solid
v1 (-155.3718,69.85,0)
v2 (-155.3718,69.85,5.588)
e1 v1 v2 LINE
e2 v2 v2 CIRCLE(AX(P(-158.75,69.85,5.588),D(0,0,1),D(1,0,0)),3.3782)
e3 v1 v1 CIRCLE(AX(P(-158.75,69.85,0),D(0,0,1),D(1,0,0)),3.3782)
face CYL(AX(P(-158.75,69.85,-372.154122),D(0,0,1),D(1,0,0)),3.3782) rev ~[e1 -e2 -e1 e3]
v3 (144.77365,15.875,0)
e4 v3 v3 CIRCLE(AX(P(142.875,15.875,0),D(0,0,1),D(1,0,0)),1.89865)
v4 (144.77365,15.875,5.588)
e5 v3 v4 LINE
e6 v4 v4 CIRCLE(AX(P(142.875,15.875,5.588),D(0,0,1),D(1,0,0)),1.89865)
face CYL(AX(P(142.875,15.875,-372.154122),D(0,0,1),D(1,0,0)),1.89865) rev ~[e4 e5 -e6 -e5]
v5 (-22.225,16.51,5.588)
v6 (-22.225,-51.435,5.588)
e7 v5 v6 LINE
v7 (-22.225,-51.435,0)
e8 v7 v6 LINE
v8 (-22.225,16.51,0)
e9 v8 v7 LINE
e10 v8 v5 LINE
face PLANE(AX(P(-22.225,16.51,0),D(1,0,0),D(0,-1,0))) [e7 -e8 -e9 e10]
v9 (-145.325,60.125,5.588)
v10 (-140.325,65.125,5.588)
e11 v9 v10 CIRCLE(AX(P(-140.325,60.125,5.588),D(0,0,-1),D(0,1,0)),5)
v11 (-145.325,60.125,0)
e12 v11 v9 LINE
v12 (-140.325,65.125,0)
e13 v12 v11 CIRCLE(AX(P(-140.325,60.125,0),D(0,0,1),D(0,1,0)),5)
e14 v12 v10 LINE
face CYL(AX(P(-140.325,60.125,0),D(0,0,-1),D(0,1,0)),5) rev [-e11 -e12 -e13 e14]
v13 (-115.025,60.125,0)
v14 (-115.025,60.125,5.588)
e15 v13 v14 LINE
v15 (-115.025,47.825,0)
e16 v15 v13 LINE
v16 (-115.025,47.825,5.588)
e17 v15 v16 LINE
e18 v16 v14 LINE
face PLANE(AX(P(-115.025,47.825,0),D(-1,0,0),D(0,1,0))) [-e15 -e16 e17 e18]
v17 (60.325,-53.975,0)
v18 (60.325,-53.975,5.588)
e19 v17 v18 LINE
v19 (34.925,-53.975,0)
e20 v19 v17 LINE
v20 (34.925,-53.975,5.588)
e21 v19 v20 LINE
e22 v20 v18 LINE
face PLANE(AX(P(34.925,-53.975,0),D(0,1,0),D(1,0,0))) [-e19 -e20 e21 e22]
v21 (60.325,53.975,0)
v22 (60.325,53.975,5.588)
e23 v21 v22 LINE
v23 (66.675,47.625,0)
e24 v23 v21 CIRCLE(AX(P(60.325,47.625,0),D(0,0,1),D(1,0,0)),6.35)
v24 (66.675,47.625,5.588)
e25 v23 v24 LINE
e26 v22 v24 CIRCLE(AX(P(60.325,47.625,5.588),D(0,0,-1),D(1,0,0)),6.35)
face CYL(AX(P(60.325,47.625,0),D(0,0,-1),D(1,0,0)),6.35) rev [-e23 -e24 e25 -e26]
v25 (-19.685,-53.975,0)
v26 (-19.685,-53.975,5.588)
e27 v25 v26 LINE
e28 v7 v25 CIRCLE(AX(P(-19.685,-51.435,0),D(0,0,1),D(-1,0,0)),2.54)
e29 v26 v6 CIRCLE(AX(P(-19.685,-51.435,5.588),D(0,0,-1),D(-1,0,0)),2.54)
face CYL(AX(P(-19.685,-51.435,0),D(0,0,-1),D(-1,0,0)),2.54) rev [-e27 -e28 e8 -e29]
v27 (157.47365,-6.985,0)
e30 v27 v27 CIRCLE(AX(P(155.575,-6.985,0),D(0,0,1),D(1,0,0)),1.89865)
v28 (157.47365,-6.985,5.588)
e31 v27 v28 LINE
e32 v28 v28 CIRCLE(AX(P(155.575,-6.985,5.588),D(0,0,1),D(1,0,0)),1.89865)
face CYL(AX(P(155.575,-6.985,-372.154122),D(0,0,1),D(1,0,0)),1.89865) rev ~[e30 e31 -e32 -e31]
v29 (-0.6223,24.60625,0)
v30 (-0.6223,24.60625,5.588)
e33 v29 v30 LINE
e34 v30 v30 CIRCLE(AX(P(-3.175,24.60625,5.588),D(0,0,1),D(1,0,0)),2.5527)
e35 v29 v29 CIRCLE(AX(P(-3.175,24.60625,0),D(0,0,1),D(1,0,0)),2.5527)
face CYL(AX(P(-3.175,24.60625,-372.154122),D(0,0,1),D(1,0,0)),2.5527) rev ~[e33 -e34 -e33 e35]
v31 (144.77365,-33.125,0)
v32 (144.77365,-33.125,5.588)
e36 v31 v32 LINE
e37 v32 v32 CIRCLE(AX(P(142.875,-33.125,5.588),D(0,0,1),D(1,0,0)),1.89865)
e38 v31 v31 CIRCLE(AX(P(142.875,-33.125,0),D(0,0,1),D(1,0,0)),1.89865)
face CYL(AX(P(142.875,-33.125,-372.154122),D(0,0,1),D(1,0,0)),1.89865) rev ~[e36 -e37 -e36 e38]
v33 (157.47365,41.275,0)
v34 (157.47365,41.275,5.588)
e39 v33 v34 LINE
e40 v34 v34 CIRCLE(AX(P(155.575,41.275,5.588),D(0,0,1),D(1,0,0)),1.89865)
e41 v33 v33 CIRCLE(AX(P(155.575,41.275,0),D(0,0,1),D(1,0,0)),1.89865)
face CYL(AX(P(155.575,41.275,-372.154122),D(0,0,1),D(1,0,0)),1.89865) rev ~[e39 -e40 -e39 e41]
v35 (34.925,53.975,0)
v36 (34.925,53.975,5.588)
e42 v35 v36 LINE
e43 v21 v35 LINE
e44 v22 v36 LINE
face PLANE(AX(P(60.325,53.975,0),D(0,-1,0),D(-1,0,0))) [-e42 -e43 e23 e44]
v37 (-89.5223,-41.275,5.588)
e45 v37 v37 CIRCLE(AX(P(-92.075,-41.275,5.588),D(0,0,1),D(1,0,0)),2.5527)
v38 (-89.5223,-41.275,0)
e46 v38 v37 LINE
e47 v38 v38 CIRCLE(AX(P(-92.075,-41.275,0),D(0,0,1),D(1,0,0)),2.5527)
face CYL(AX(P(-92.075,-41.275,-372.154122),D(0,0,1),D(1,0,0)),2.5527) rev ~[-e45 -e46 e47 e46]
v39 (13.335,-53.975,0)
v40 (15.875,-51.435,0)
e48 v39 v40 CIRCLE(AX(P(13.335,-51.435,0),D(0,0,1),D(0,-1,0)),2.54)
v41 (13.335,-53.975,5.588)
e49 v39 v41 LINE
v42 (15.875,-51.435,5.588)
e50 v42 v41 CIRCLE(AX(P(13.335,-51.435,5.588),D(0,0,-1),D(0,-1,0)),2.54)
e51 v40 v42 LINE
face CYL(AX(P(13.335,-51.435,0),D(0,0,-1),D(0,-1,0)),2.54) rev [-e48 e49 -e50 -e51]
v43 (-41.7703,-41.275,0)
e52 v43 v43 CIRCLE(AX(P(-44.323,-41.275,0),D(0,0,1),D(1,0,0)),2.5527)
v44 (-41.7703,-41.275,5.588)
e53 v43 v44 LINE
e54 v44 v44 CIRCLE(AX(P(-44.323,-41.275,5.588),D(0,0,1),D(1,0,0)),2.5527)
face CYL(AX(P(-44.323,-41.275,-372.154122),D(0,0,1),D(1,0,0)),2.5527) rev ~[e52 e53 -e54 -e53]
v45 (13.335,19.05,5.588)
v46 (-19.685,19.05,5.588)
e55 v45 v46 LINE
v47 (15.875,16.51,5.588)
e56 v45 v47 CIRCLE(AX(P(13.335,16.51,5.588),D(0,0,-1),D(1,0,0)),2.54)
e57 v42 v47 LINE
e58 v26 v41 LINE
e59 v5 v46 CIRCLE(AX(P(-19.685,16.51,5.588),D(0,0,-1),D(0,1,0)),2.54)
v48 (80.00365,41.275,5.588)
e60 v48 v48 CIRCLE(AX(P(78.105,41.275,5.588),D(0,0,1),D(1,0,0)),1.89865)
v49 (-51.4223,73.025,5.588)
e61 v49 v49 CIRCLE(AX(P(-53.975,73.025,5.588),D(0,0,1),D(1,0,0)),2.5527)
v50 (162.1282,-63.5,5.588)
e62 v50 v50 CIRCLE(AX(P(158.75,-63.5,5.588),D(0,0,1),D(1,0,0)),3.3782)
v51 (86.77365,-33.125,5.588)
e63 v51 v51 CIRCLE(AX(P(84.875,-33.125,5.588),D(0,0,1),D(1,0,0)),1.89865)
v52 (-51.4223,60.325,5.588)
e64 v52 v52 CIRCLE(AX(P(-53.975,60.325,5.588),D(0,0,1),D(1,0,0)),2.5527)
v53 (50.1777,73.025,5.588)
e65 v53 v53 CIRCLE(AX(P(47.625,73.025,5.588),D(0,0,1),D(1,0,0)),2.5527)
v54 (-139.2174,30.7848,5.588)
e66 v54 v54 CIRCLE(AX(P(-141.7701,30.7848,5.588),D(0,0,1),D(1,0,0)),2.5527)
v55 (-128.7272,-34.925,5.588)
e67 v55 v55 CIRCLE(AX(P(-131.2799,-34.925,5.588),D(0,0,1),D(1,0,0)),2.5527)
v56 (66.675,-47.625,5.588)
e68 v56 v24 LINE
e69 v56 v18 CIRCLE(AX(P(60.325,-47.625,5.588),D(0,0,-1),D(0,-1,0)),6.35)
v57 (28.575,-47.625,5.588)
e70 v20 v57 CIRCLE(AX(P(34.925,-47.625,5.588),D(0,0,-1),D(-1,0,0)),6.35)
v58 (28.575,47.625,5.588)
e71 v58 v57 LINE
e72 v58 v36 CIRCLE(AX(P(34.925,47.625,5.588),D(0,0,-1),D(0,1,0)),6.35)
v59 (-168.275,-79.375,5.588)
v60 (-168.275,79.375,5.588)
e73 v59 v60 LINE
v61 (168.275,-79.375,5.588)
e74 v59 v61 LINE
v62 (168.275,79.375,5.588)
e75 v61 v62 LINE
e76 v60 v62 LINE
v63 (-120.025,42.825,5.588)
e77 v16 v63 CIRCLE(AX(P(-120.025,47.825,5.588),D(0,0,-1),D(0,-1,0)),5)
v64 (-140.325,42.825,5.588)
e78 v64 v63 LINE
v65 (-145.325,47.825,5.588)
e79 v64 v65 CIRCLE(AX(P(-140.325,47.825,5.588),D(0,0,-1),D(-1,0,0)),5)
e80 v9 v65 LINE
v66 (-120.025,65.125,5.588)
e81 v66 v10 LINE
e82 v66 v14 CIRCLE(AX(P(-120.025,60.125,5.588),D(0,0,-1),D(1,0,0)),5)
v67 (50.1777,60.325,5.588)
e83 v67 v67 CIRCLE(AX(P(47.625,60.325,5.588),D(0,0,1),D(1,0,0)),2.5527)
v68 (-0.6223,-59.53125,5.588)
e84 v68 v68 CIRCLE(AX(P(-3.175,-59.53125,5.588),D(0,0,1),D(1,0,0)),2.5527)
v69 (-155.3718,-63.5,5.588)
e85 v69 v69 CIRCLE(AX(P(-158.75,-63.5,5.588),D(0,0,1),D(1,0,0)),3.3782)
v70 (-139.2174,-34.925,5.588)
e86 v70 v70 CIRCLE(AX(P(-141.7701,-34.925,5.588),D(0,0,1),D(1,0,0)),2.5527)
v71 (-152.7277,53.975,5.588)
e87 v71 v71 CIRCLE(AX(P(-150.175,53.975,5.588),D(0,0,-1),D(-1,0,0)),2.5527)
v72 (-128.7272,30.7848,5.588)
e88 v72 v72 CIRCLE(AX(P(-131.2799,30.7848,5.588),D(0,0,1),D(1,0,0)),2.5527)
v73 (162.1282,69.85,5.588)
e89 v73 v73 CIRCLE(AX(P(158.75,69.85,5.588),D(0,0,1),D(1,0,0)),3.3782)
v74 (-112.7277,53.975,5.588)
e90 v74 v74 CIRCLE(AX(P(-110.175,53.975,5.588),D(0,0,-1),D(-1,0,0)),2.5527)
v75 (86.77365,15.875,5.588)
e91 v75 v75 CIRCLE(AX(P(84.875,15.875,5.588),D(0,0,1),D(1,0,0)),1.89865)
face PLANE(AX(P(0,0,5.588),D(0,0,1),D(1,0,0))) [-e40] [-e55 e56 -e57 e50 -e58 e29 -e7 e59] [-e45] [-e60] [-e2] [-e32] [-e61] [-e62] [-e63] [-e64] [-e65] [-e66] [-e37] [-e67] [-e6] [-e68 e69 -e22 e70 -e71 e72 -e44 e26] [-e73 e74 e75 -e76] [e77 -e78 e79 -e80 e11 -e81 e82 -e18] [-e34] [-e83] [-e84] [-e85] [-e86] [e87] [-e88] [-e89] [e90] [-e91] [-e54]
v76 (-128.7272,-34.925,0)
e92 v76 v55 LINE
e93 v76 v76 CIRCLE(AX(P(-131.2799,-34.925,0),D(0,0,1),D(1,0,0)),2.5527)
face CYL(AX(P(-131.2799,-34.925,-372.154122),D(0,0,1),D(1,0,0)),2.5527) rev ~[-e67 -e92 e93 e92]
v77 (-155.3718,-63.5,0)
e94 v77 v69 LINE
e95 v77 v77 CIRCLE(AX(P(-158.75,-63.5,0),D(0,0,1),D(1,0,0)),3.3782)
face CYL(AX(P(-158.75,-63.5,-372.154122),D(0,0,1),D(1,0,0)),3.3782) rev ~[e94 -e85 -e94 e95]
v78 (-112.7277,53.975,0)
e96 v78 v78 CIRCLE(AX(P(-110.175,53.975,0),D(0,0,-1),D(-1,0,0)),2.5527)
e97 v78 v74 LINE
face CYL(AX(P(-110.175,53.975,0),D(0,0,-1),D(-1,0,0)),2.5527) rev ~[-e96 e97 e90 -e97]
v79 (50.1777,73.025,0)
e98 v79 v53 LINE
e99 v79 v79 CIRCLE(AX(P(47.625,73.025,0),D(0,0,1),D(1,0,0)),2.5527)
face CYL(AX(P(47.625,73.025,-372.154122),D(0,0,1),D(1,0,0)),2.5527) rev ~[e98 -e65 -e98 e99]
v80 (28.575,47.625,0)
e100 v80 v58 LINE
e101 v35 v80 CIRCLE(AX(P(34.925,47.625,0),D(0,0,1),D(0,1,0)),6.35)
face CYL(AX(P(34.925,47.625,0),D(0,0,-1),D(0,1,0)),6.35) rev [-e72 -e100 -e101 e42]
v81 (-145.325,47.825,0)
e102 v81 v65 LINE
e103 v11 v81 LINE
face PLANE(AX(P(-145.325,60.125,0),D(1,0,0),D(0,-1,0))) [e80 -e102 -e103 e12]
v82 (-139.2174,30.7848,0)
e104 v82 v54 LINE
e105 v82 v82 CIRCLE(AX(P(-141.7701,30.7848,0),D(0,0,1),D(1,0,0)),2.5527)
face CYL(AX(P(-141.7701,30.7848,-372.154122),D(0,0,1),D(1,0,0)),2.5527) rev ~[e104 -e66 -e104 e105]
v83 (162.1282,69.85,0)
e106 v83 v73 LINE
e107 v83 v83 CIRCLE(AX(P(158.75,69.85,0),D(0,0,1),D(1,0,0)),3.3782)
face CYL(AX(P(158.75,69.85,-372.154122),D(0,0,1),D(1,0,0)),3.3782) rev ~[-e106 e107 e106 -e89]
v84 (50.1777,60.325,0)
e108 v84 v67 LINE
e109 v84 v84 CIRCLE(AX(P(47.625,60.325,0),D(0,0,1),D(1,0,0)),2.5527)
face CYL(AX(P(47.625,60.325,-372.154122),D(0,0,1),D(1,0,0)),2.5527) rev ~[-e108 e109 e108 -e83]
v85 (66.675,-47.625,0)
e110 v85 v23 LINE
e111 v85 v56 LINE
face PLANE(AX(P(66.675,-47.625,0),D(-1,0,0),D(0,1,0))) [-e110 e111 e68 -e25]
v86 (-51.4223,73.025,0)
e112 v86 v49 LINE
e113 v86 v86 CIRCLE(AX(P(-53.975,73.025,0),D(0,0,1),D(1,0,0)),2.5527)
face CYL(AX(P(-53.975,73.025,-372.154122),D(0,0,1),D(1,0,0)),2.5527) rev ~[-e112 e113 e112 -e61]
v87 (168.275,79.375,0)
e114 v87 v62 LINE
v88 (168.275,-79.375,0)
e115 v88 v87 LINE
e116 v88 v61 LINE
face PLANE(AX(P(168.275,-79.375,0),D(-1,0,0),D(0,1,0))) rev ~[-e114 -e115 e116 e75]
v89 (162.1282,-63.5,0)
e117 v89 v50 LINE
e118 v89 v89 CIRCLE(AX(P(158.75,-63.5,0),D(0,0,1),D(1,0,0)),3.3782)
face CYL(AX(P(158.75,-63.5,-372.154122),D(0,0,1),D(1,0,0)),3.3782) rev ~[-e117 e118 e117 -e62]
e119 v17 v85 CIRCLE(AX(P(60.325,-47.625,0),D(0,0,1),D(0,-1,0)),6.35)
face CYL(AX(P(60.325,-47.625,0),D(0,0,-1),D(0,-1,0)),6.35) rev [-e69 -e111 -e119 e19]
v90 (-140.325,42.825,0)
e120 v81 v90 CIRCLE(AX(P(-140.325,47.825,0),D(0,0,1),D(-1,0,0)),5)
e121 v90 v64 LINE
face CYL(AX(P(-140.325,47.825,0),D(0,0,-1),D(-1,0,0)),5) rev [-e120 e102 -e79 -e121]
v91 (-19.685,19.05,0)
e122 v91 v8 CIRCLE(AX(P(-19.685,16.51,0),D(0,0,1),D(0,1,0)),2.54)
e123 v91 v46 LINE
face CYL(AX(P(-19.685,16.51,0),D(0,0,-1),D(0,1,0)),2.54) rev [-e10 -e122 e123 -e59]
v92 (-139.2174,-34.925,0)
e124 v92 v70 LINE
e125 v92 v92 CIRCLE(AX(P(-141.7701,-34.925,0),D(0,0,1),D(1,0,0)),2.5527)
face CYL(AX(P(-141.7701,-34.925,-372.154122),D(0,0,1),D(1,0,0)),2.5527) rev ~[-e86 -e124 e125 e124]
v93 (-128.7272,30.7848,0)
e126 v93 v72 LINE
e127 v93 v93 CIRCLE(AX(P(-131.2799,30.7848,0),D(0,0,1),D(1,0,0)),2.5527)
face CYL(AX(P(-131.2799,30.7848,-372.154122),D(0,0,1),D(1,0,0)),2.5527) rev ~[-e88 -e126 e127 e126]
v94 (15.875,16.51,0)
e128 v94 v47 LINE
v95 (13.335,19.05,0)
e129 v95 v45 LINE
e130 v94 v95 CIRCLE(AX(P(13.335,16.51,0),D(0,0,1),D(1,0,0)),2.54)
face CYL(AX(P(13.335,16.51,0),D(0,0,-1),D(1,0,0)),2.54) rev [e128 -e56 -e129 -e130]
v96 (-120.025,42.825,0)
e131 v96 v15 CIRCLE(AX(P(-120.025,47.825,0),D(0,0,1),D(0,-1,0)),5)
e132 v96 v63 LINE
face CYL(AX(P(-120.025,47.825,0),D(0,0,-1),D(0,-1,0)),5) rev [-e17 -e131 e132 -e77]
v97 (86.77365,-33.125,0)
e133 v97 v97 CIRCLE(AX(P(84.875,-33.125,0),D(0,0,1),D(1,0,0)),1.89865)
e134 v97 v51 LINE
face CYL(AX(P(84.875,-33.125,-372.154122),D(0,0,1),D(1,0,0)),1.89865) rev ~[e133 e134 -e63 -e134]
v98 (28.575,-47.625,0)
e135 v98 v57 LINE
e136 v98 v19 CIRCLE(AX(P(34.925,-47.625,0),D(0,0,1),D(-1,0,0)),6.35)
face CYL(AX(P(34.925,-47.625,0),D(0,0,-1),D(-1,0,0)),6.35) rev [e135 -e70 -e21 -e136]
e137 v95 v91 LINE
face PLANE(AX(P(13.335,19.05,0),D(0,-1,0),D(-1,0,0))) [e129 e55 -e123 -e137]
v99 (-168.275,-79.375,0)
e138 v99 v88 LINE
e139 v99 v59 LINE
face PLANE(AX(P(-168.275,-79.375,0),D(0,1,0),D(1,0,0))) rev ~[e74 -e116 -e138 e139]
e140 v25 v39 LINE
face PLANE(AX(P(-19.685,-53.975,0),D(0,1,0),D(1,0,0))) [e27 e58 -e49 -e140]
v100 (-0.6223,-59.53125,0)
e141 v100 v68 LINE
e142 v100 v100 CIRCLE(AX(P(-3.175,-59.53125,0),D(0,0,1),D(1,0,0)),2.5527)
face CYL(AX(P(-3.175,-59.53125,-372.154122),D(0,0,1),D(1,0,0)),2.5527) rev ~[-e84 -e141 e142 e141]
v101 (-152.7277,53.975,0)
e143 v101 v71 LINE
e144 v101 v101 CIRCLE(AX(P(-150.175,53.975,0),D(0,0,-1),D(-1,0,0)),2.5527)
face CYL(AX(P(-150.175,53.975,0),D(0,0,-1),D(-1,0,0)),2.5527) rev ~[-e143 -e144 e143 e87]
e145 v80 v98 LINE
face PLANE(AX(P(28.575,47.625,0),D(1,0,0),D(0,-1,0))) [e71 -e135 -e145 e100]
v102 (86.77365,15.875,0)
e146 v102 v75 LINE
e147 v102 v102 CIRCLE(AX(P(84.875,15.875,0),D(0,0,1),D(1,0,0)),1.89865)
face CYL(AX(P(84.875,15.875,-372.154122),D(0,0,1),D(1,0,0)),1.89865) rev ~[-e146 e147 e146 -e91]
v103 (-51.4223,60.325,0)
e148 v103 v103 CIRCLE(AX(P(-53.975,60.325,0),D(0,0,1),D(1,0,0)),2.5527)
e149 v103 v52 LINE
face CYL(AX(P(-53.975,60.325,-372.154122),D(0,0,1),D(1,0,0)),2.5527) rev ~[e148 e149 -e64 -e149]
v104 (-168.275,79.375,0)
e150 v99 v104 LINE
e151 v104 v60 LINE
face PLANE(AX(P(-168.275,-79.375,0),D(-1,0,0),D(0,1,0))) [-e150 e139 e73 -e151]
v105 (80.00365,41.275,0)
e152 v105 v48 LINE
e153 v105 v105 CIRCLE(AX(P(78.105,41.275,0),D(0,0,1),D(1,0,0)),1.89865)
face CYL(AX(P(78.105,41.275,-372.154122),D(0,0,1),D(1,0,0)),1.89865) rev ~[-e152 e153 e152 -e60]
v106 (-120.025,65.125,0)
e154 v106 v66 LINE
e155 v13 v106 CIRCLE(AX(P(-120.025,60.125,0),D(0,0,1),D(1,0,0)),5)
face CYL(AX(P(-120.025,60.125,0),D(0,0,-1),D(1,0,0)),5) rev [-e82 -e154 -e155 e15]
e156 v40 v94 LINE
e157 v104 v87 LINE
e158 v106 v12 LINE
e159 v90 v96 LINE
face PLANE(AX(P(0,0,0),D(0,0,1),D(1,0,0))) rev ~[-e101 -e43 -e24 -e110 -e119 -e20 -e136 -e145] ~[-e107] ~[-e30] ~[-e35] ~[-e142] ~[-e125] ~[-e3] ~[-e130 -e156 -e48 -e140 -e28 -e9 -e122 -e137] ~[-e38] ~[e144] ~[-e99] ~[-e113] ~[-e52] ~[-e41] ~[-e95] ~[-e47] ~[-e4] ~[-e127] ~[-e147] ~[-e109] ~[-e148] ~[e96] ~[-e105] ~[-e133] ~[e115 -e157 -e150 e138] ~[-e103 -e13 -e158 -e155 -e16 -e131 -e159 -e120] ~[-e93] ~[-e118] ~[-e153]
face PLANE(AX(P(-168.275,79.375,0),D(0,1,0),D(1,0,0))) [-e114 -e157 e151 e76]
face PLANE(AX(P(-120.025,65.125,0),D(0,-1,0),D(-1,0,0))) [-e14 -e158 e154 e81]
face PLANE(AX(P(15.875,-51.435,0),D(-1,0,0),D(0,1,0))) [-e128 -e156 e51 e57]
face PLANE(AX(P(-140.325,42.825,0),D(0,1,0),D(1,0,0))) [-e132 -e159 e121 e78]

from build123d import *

# Parameters (mm, degrees)
SKETCH1_W               = 336.55
SKETCH1_H               = 158.75
BOSS_EXTRUDE1_DEPTH     = 5.588
F_1_4_CLEARANCE_HOLE1_D = 6.7564
F_6_CLEARANCE_HOLE1_D   = 3.7973
F_6_CLEARANCE_HOLE2_D   = 3.7973
CUT_EXTRUDE1_REACH      = 188.14
F_10_CLEARANCE_HOLE1_D  = 5.1054
CUT_EXTRUDE2_REACH      = 188.14
F_10_CLEARANCE_HOLE3_D  = 5.1054
F_10_CLEARANCE_HOLE2_D  = 5.1054
F_10_CLEARANCE_HOLE4_D  = 5.1054
CUT_EXTRUDE3_REACH      = 188.14
SKETCH24_R              = 2.5527


with BuildPart() as part:
    # Sketch1 → Boss-Extrude1 (new body)
    with BuildSketch(Plane.XY):
        Rectangle(SKETCH1_W, SKETCH1_H)
    extrude(amount=BOSS_EXTRUDE1_DEPTH)

    # 1/4 Clearance Hole1 (through all)
    with Locations(Plane(origin=(0, 0, 0), x_dir=(-1, 0, 0), z_dir=(0, 0, -1))):
        with Locations((-158.75, 69.85), (158.75, -63.5), (-158.75, -63.5), (158.75, 69.85)):
            Hole(F_1_4_CLEARANCE_HOLE1_D / 2)

    # #6 Clearance Hole1 (through all)
    with Locations(Plane(origin=(0, 0, 0), x_dir=(-1, 0, 0), z_dir=(0, 0, -1))):
        with Locations((-155.575, 41.275), (-155.575, -6.985), (-78.105, 41.275)):
            Hole(F_6_CLEARANCE_HOLE1_D / 2)

    # #6 Clearance Hole2 (through all)
    with Locations(Plane(origin=(0, 0, 0), x_dir=(-1, 0, 0), z_dir=(0, 0, -1))):
        with Locations((-142.875, 15.875), (-84.875, -33.125), (-142.875, -33.125), (-84.875, 15.875)):
            Hole(F_6_CLEARANCE_HOLE2_D / 2)

    # Sketch11 → Cut-Extrude1 (cut, up to next)
    with BuildSketch(Plane(origin=(0, 0, 0), x_dir=(-1, 0, 0), z_dir=(0, 0, -1)), mode=Mode.PRIVATE) as cut_extrude1_sk1:
        with BuildLine():
            Line((-13.335, 19.05), (19.685, 19.05))
            ThreePointArc((19.685, 19.05), (21.481051224, 18.306051224), (22.225, 16.51))
            Line((22.225, 16.51), (22.225, -51.435))
            ThreePointArc((22.225, -51.435), (21.481051224, -53.231051224), (19.685, -53.975))
            Line((19.685, -53.975), (-13.335, -53.975))
            ThreePointArc((-13.335, -53.975), (-15.131051224, -53.231051224), (-15.875, -51.435))
            Line((-15.875, -51.435), (-15.875, 16.51))
            ThreePointArc((-15.875, 16.51), (-15.131051224, 18.306051224), (-13.335, 19.05))
        make_face()
    cut_extrude1_tool1 = extrude(cut_extrude1_sk1.sketch, amount=-CUT_EXTRUDE1_REACH, mode=Mode.PRIVATE) & part.part
    add(cut_extrude1_tool1.solids().sort_by_distance((-3.175, -17.4625, 0))[0], mode=Mode.SUBTRACT)

    # #10 Clearance Hole1 (through all)
    with Locations(Plane(origin=(0, 0, 0), x_dir=(-1, 0, 0), z_dir=(0, 0, -1))):
        with Locations((3.175, 24.60625), (3.175, -59.53125)):
            Hole(F_10_CLEARANCE_HOLE1_D / 2)

    # Sketch15 → Cut-Extrude2 (cut, up to next)
    with BuildSketch(Plane(origin=(0, 0, 0), x_dir=(-1, 0, 0), z_dir=(0, 0, -1)), mode=Mode.PRIVATE) as cut_extrude2_sk1:
        with BuildLine():
            Line((-60.325, 53.975), (-34.925, 53.975))
            ThreePointArc((-34.925, 53.975), (-30.434871939, 52.115128061), (-28.575, 47.625))
            Line((-28.575, 47.625), (-28.575, -47.625))
            ThreePointArc((-28.575, -47.625), (-30.434871939, -52.115128061), (-34.925, -53.975))
            Line((-34.925, -53.975), (-60.325, -53.975))
            ThreePointArc((-60.325, -53.975), (-64.815128061, -52.115128061), (-66.675, -47.625))
            Line((-66.675, -47.625), (-66.675, 47.625))
            ThreePointArc((-66.675, 47.625), (-64.815128061, 52.115128061), (-60.325, 53.975))
        make_face()
    cut_extrude2_tool1 = extrude(cut_extrude2_sk1.sketch, amount=-CUT_EXTRUDE2_REACH, mode=Mode.PRIVATE) & part.part
    add(cut_extrude2_tool1.solids().sort_by_distance((47.625, 0, 0))[0], mode=Mode.SUBTRACT)

    # #10 Clearance Hole3 (through all)
    with Locations(Plane(origin=(0, 0, 0), x_dir=(-1, 0, 0), z_dir=(0, 0, -1))):
        with Locations((131.2799, 30.7848), (131.2799, -34.925), (141.7701, 30.7848), (141.7701, -34.925)):
            Hole(F_10_CLEARANCE_HOLE3_D / 2)

    # #10 Clearance Hole2 (through all)
    with Locations(Plane(origin=(0, 0, 0), x_dir=(-1, 0, 0), z_dir=(0, 0, -1))):
        with Locations((-47.625, 73.025), (53.975, 60.325), (-47.625, 60.325), (53.975, 73.025)):
            Hole(F_10_CLEARANCE_HOLE2_D / 2)

    # #10 Clearance Hole4 (through all)
    with Locations(Plane(origin=(0, 0, 0), x_dir=(-1, 0, 0), z_dir=(0, 0, -1))):
        with Locations((44.323, -41.275), (92.075, -41.275)):
            Hole(F_10_CLEARANCE_HOLE4_D / 2)

    # Sketch24 → Cut-Extrude3 (cut, up to next)
    with BuildSketch(Plane(origin=(0, 0, 0), x_dir=(-1, 0, 0), z_dir=(0, 0, -1)), mode=Mode.PRIVATE) as cut_extrude3_sk1:
        with Locations((110.175, 53.975)):
            Circle(SKETCH24_R)
    cut_extrude3_tool1 = extrude(cut_extrude3_sk1.sketch, amount=-CUT_EXTRUDE3_REACH, mode=Mode.PRIVATE) & part.part
    # Sketch24 → Cut-Extrude3 (cut, up to next)
    with BuildSketch(Plane(origin=(0, 0, 0), x_dir=(-1, 0, 0), z_dir=(0, 0, -1)), mode=Mode.PRIVATE) as cut_extrude3_sk2:
        with Locations((150.175, 53.975)):
            Circle(SKETCH24_R)
    cut_extrude3_tool2 = extrude(cut_extrude3_sk2.sketch, amount=-CUT_EXTRUDE3_REACH, mode=Mode.PRIVATE) & part.part
    # Sketch24 → Cut-Extrude3 (cut, up to next)
    with BuildSketch(Plane(origin=(0, 0, 0), x_dir=(-1, 0, 0), z_dir=(0, 0, -1)), mode=Mode.PRIVATE) as cut_extrude3_sk3:
        with BuildLine():
            Line((120.025, 65.125), (140.325, 65.125))
            ThreePointArc((140.325, 65.125), (143.860533906, 63.660533906), (145.325, 60.125))
            Line((145.325, 60.125), (145.325, 47.825))
            ThreePointArc((145.325, 47.825), (143.860533906, 44.289466094), (140.325, 42.825))
            Line((140.325, 42.825), (120.025, 42.825))
            ThreePointArc((120.025, 42.825), (116.489466094, 44.289466094), (115.025, 47.825))
            Line((115.025, 47.825), (115.025, 60.125))
            ThreePointArc((115.025, 60.125), (116.489466094, 63.660533906), (120.025, 65.125))
        make_face()
    cut_extrude3_tool3 = extrude(cut_extrude3_sk3.sketch, amount=-CUT_EXTRUDE3_REACH, mode=Mode.PRIVATE) & part.part
    add(cut_extrude3_tool1.solids().sort_by_distance((-110.175, 53.975, 0))[0], mode=Mode.SUBTRACT)
    add(cut_extrude3_tool2.solids().sort_by_distance((-150.175, 53.975, 0))[0], mode=Mode.SUBTRACT)
    add(cut_extrude3_tool3.solids().sort_by_distance((-130.175, 53.975, 0))[0], mode=Mode.SUBTRACT)


solid = part.part
